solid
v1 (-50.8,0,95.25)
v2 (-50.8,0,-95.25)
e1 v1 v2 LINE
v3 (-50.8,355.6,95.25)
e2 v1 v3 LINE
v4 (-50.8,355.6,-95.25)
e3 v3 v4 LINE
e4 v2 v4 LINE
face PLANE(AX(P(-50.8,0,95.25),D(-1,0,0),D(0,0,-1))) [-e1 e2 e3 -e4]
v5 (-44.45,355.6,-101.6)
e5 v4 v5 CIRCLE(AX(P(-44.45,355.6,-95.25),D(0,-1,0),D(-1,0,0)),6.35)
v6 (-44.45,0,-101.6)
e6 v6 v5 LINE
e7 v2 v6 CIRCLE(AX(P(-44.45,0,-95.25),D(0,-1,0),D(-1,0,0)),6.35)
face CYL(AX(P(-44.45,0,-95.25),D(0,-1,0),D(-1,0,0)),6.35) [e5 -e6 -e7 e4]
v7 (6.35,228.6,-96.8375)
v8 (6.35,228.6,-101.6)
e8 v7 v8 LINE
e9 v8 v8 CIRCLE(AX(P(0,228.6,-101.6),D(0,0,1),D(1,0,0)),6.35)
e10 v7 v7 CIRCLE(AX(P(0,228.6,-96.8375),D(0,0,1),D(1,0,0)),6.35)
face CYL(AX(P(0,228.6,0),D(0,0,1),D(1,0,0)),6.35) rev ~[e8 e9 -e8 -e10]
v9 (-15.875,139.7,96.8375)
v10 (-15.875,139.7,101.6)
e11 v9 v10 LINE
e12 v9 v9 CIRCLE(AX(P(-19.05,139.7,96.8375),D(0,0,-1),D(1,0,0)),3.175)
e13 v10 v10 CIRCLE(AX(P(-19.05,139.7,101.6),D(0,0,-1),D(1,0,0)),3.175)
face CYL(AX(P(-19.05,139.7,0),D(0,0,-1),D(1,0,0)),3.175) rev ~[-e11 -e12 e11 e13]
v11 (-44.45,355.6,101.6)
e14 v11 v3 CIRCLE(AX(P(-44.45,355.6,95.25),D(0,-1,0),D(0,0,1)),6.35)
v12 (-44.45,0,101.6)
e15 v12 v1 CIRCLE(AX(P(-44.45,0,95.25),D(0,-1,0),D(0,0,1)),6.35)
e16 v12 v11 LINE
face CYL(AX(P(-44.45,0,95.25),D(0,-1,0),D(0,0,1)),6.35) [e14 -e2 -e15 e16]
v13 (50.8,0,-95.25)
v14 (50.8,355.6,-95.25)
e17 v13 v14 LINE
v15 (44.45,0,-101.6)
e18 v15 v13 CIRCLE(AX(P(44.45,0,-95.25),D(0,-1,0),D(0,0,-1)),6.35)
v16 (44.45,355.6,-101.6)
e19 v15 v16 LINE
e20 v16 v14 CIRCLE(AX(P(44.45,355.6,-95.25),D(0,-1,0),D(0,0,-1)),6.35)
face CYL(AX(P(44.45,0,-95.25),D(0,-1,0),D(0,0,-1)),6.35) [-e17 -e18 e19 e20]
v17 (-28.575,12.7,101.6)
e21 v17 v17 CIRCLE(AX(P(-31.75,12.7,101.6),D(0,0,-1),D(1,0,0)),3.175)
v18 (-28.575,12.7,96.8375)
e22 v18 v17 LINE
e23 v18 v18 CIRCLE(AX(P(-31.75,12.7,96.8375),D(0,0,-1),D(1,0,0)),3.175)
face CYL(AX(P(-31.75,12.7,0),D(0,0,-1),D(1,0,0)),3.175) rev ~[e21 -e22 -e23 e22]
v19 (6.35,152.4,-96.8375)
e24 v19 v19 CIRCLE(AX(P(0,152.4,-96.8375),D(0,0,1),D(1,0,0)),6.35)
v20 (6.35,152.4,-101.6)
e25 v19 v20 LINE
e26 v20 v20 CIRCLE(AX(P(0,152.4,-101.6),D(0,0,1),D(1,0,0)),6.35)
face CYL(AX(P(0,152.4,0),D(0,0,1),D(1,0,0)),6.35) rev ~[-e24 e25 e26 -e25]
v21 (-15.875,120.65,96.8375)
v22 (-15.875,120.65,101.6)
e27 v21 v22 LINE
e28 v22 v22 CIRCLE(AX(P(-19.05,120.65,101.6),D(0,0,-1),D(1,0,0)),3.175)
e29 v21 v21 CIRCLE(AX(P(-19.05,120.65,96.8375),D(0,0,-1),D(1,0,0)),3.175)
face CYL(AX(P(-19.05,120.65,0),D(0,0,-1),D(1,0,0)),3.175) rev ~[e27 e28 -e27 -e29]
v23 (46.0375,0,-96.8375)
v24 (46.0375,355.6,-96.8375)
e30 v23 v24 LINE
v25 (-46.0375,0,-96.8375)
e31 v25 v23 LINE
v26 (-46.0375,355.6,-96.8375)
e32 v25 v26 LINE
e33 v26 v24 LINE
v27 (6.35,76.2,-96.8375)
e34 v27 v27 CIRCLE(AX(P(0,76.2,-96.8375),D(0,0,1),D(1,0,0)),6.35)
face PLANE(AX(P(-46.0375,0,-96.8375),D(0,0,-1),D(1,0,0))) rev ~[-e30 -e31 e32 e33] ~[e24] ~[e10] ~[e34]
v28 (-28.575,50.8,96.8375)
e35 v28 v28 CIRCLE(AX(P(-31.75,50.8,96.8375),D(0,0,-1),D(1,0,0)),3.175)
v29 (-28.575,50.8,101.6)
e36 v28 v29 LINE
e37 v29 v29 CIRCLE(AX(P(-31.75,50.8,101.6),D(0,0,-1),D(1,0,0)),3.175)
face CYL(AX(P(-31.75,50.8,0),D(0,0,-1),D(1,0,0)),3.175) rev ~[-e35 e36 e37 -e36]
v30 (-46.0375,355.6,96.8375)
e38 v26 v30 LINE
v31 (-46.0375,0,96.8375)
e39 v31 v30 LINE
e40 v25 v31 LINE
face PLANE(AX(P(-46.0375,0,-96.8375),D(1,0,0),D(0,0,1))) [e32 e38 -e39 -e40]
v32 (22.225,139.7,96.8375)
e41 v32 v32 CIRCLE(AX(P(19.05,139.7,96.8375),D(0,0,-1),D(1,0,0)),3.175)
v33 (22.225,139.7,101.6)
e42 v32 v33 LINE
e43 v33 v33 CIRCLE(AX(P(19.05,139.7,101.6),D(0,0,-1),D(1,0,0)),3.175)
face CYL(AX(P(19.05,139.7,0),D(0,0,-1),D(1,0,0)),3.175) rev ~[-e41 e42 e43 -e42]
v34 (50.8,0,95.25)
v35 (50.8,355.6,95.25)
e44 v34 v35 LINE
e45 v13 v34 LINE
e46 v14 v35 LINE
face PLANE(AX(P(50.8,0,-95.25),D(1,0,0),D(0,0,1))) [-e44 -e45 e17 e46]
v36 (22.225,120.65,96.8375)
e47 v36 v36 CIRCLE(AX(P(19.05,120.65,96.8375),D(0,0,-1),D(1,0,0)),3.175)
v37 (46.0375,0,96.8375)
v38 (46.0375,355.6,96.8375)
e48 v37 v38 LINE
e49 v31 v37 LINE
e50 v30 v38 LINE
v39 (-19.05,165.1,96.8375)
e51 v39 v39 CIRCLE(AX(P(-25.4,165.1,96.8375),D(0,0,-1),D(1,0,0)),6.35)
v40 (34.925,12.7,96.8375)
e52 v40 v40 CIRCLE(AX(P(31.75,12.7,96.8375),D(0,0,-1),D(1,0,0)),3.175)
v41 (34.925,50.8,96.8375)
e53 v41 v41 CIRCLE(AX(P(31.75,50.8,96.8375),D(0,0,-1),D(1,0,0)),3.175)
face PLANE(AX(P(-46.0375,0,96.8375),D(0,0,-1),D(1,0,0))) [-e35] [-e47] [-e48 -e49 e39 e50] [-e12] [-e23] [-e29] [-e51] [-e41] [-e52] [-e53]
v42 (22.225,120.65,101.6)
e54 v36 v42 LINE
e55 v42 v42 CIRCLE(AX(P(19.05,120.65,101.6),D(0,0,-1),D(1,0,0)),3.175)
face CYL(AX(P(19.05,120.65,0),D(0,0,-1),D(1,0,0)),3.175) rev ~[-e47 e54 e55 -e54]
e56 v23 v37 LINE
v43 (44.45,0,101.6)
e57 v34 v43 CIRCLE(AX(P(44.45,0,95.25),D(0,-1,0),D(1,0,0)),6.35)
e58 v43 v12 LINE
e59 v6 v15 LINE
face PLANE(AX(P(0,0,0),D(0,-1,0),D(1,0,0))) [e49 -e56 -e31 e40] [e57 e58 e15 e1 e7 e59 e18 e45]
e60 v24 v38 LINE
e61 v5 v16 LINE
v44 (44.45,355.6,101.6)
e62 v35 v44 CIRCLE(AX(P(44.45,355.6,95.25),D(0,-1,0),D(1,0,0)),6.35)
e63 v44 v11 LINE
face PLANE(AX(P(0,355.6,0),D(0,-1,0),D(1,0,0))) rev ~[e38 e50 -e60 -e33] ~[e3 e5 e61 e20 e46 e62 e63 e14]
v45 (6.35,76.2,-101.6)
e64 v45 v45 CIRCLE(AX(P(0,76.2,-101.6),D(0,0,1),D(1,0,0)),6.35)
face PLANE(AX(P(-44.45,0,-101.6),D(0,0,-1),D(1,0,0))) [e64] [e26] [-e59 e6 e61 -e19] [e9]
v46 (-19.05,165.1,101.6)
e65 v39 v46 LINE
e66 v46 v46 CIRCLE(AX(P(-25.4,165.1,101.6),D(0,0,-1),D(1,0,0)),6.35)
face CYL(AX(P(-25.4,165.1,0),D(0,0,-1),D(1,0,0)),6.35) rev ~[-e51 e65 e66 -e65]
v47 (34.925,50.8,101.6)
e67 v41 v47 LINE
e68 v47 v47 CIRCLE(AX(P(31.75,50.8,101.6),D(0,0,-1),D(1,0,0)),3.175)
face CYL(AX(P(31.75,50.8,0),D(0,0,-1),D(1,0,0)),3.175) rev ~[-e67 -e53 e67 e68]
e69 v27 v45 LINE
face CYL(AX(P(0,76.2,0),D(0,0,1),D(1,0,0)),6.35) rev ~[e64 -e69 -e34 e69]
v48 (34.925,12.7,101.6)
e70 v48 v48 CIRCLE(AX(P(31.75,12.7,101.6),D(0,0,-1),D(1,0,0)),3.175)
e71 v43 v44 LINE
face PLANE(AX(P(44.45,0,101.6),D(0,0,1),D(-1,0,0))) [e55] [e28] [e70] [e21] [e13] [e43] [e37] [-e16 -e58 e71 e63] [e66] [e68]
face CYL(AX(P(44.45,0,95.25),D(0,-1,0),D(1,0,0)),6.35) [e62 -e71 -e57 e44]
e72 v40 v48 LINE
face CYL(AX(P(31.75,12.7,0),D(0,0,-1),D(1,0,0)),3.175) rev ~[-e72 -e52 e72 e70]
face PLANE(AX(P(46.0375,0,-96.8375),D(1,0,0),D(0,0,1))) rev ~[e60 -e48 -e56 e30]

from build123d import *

# Parameters (mm, degrees)
F3_W     = 92.075
F3_H     = 193.675
F4_DEPTH = 355.6
F0_D     = 12.7
F0_DEPTH = 101.601
F2_D     = 12.7
F2_DEPTH = 101.601
F6_D     = 6.35
F6_DEPTH = 101.601


with BuildPart() as f4:
    # F3 (on Front) → F4 (new body)
    with BuildSketch(Plane.XZ):
        with BuildLine():
            ThreePointArc((-50.8, -95.25), (-48.9401280605, -99.7401280605), (-44.45, -101.6))
            Line((-44.45, -101.6), (44.45, -101.6))
            ThreePointArc((44.45, -101.6), (48.9401280605, -99.7401280605), (50.8, -95.25))
            Line((50.8, -95.25), (50.8, 95.25))
            ThreePointArc((50.8, 95.25), (48.9401280605, 99.7401280605), (44.45, 101.6))
            Line((44.45, 101.6), (-44.45, 101.6))
            ThreePointArc((-44.45, 101.6), (-48.9401280605, 99.7401280605), (-50.8, 95.25))
            Line((-50.8, 95.25), (-50.8, -95.25))
        make_face()
        Rectangle(F3_W, F3_H, mode=Mode.SUBTRACT)
    extrude(amount=-F4_DEPTH)

    # F0 (through all, one way)
    with BuildSketch(Plane.XY):
        with Locations((0, 228.6), (0, 152.4), (0, 76.2)):
            Circle(F0_D / 2)
    extrude(amount=-F0_DEPTH, mode=Mode.SUBTRACT)

    # F2 (through all, one way)
    with BuildSketch(Plane(origin=(0, 0, 0), x_dir=(1, 0, 0), z_dir=(0, 0, -1))):
        with Locations((-25.4, -165.1)):
            Circle(F2_D / 2)
    extrude(amount=-F2_DEPTH, mode=Mode.SUBTRACT)

    # F6 (through all, one way)
    with BuildSketch(Plane(origin=(0, 0, 0), x_dir=(1, 0, 0), z_dir=(0, 0, -1))):
        with Locations((31.75, -12.7), (-31.75, -12.7), (-31.75, -50.8), (31.75, -50.8), (19.05, -139.7), (-19.05, -139.7), (19.05, -120.65), (-19.05, -120.65)):
            Circle(F6_D / 2)
    extrude(amount=-F6_DEPTH, mode=Mode.SUBTRACT)


solid = f4.part
